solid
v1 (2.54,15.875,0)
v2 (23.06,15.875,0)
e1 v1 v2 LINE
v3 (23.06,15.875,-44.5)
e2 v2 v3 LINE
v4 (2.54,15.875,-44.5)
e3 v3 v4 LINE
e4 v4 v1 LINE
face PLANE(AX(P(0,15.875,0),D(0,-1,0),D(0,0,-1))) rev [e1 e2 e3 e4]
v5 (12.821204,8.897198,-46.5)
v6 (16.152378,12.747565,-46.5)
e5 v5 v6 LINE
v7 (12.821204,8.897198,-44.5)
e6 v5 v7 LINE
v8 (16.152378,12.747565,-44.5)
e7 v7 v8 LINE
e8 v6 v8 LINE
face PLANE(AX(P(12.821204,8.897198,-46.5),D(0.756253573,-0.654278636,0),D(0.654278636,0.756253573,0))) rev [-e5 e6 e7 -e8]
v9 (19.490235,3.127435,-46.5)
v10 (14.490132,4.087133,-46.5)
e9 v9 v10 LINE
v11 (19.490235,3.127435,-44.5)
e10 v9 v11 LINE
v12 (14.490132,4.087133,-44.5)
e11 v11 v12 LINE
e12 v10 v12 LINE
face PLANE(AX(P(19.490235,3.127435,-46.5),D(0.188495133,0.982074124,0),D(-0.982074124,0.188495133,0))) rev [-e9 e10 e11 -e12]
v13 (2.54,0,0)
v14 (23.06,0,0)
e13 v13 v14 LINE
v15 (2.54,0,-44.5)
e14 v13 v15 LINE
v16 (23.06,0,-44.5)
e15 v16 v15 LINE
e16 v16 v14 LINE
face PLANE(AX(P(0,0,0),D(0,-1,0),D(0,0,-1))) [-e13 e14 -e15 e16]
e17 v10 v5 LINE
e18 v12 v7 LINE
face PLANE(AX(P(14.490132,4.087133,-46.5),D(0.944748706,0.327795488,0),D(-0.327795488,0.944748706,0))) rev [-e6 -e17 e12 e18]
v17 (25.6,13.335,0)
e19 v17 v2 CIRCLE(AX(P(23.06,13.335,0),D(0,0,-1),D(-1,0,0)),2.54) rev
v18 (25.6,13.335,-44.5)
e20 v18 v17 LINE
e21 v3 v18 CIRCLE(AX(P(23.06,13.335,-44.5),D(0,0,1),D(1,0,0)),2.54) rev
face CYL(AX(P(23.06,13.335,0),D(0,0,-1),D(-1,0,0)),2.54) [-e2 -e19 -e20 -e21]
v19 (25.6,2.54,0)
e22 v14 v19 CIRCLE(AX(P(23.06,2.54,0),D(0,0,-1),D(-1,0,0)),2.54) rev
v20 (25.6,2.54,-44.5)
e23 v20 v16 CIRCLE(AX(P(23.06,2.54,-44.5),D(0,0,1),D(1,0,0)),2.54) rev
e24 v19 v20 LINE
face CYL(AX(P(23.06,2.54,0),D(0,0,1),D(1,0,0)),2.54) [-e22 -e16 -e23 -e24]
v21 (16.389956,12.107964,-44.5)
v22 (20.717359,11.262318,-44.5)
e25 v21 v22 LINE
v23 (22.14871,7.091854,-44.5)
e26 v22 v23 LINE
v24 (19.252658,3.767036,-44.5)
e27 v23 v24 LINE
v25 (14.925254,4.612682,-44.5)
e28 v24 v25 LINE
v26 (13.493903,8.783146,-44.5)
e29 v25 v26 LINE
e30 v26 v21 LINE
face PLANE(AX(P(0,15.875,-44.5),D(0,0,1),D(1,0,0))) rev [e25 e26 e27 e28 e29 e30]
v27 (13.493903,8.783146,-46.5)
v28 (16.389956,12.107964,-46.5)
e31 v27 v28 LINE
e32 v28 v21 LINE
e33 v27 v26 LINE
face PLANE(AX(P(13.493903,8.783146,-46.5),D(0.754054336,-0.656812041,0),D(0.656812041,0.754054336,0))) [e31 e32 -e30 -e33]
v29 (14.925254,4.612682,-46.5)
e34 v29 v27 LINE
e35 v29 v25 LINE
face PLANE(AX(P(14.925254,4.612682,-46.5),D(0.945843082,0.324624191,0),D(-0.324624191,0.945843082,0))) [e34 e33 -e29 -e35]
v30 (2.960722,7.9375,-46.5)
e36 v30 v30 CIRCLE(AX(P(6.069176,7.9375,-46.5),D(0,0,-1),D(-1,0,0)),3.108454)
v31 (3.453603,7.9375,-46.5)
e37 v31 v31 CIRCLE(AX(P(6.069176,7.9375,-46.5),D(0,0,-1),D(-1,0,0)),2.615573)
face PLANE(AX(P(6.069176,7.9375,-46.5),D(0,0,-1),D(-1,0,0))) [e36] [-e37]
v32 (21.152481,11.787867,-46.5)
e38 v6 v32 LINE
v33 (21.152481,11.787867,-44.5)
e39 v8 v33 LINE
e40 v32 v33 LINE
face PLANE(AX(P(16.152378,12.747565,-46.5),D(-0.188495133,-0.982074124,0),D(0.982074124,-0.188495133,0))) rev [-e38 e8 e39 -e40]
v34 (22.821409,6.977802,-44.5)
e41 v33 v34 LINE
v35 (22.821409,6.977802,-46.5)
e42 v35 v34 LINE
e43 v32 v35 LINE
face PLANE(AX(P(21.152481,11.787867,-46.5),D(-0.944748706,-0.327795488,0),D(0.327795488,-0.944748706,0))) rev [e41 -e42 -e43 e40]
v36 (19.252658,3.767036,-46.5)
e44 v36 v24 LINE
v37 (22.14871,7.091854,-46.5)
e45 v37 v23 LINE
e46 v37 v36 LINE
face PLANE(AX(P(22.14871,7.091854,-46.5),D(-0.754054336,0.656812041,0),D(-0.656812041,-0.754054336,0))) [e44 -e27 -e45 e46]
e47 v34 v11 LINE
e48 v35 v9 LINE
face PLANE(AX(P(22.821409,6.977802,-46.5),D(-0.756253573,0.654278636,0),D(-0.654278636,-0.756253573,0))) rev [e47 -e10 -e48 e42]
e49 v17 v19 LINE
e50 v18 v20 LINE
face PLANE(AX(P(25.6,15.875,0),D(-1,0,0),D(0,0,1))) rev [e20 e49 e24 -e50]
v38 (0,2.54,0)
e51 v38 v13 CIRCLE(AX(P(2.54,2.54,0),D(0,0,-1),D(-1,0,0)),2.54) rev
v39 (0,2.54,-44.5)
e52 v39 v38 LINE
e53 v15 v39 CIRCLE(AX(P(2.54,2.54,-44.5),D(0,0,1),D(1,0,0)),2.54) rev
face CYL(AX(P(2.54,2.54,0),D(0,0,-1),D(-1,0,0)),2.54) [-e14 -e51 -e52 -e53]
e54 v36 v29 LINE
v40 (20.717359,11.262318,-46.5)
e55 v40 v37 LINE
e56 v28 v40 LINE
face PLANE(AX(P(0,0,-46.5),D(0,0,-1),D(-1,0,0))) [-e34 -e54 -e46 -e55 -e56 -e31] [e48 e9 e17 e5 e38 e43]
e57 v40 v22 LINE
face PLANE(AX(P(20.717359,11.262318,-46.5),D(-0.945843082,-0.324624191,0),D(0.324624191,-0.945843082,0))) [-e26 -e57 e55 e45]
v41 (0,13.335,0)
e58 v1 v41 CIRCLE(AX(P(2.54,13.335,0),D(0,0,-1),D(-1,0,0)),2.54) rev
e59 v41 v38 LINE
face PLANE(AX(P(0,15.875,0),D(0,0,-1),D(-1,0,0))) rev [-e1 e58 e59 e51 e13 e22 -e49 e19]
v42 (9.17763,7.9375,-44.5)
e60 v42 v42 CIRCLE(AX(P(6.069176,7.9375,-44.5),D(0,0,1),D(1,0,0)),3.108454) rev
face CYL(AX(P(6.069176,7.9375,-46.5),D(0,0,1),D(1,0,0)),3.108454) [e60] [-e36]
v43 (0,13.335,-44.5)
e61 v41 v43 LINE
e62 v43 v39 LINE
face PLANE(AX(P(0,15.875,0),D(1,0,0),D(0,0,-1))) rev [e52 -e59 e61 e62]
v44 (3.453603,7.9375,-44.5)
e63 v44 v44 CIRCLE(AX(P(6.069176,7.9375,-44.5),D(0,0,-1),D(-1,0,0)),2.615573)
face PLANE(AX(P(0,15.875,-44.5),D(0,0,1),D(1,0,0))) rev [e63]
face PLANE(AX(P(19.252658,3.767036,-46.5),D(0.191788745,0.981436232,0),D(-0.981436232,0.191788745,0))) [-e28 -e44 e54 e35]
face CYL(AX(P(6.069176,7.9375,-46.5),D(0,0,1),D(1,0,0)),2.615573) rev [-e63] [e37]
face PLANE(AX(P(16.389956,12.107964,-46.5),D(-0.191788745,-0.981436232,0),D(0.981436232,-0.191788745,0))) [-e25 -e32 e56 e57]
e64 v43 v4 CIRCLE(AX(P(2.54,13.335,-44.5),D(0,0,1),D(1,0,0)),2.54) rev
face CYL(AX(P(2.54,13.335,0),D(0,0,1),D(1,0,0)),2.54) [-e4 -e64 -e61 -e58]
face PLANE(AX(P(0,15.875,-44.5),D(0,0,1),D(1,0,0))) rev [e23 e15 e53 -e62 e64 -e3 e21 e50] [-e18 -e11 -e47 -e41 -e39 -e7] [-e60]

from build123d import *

# Parameters (mm, degrees)
SKETCH1_W           = 25.6
SKETCH1_H           = 44.5
BOSS_EXTRUDE1_DEPTH = 15.875
SKETCH2_R           = 3.108453975
SKETCH2_R_2         = 2.615573074
BOSS_EXTRUDE2_DEPTH = 2
FILLET1_R           = 2.54


with BuildPart() as part:
    # Sketch1 → Boss-Extrude1 (new body)
    with BuildSketch(Plane(origin=(0, 0, 0), x_dir=(1, 0, 0), z_dir=(0, 1, 0))):
        with Locations((12.8, 22.25)):
            Rectangle(SKETCH1_W, SKETCH1_H)
    extrude(amount=BOSS_EXTRUDE1_DEPTH)

    # Sketch2 → Boss-Extrude2 (add)
    # profile 1 of 2: a face of its own
    with BuildSketch(Plane(origin=(0, 0, -44.5), x_dir=(-1, 0, 0), z_dir=(0, 0, -1))):
        with Locations(Location((-6.0691761, 7.9375, 0), (0, 0, 180))):
            Circle(SKETCH2_R)
        with Locations((-6.0691761, 7.9375)):
            Circle(SKETCH2_R_2, mode=Mode.SUBTRACT)
    # profile 2 of 2: a face of its own
    with BuildSketch(Plane(origin=(0, 0, -44.5), x_dir=(-1, 0, 0), z_dir=(0, 0, -1))):
        Polygon((-19.490234753, 3.127434709), (-14.490131947, 4.087133188), (-12.821203807, 8.897198479), (-16.152378472, 12.747565291), (-21.152481278, 11.787866812), (-22.821409419, 6.977801521), align=None)
        Polygon((-19.252657716, 3.767035883), (-14.925254294, 4.612681525), (-13.493903191, 8.783145641), (-16.38995551, 12.107964117), (-20.717358932, 11.262318475), (-22.148710035, 7.091854359), align=None, mode=Mode.SUBTRACT)
    extrude(amount=BOSS_EXTRUDE2_DEPTH)

    # Fillet1
    fillet1_edges = [part.edges().sort_by_distance(p)[0] for p in [
        (25.6, 15.875, -22.25),
        (0, 15.875, -22.25),
        (25.6, 0, -22.25),
        (0, 0, -22.25),
    ]]
    fillet(fillet1_edges, radius=FILLET1_R)


solid = part.part
